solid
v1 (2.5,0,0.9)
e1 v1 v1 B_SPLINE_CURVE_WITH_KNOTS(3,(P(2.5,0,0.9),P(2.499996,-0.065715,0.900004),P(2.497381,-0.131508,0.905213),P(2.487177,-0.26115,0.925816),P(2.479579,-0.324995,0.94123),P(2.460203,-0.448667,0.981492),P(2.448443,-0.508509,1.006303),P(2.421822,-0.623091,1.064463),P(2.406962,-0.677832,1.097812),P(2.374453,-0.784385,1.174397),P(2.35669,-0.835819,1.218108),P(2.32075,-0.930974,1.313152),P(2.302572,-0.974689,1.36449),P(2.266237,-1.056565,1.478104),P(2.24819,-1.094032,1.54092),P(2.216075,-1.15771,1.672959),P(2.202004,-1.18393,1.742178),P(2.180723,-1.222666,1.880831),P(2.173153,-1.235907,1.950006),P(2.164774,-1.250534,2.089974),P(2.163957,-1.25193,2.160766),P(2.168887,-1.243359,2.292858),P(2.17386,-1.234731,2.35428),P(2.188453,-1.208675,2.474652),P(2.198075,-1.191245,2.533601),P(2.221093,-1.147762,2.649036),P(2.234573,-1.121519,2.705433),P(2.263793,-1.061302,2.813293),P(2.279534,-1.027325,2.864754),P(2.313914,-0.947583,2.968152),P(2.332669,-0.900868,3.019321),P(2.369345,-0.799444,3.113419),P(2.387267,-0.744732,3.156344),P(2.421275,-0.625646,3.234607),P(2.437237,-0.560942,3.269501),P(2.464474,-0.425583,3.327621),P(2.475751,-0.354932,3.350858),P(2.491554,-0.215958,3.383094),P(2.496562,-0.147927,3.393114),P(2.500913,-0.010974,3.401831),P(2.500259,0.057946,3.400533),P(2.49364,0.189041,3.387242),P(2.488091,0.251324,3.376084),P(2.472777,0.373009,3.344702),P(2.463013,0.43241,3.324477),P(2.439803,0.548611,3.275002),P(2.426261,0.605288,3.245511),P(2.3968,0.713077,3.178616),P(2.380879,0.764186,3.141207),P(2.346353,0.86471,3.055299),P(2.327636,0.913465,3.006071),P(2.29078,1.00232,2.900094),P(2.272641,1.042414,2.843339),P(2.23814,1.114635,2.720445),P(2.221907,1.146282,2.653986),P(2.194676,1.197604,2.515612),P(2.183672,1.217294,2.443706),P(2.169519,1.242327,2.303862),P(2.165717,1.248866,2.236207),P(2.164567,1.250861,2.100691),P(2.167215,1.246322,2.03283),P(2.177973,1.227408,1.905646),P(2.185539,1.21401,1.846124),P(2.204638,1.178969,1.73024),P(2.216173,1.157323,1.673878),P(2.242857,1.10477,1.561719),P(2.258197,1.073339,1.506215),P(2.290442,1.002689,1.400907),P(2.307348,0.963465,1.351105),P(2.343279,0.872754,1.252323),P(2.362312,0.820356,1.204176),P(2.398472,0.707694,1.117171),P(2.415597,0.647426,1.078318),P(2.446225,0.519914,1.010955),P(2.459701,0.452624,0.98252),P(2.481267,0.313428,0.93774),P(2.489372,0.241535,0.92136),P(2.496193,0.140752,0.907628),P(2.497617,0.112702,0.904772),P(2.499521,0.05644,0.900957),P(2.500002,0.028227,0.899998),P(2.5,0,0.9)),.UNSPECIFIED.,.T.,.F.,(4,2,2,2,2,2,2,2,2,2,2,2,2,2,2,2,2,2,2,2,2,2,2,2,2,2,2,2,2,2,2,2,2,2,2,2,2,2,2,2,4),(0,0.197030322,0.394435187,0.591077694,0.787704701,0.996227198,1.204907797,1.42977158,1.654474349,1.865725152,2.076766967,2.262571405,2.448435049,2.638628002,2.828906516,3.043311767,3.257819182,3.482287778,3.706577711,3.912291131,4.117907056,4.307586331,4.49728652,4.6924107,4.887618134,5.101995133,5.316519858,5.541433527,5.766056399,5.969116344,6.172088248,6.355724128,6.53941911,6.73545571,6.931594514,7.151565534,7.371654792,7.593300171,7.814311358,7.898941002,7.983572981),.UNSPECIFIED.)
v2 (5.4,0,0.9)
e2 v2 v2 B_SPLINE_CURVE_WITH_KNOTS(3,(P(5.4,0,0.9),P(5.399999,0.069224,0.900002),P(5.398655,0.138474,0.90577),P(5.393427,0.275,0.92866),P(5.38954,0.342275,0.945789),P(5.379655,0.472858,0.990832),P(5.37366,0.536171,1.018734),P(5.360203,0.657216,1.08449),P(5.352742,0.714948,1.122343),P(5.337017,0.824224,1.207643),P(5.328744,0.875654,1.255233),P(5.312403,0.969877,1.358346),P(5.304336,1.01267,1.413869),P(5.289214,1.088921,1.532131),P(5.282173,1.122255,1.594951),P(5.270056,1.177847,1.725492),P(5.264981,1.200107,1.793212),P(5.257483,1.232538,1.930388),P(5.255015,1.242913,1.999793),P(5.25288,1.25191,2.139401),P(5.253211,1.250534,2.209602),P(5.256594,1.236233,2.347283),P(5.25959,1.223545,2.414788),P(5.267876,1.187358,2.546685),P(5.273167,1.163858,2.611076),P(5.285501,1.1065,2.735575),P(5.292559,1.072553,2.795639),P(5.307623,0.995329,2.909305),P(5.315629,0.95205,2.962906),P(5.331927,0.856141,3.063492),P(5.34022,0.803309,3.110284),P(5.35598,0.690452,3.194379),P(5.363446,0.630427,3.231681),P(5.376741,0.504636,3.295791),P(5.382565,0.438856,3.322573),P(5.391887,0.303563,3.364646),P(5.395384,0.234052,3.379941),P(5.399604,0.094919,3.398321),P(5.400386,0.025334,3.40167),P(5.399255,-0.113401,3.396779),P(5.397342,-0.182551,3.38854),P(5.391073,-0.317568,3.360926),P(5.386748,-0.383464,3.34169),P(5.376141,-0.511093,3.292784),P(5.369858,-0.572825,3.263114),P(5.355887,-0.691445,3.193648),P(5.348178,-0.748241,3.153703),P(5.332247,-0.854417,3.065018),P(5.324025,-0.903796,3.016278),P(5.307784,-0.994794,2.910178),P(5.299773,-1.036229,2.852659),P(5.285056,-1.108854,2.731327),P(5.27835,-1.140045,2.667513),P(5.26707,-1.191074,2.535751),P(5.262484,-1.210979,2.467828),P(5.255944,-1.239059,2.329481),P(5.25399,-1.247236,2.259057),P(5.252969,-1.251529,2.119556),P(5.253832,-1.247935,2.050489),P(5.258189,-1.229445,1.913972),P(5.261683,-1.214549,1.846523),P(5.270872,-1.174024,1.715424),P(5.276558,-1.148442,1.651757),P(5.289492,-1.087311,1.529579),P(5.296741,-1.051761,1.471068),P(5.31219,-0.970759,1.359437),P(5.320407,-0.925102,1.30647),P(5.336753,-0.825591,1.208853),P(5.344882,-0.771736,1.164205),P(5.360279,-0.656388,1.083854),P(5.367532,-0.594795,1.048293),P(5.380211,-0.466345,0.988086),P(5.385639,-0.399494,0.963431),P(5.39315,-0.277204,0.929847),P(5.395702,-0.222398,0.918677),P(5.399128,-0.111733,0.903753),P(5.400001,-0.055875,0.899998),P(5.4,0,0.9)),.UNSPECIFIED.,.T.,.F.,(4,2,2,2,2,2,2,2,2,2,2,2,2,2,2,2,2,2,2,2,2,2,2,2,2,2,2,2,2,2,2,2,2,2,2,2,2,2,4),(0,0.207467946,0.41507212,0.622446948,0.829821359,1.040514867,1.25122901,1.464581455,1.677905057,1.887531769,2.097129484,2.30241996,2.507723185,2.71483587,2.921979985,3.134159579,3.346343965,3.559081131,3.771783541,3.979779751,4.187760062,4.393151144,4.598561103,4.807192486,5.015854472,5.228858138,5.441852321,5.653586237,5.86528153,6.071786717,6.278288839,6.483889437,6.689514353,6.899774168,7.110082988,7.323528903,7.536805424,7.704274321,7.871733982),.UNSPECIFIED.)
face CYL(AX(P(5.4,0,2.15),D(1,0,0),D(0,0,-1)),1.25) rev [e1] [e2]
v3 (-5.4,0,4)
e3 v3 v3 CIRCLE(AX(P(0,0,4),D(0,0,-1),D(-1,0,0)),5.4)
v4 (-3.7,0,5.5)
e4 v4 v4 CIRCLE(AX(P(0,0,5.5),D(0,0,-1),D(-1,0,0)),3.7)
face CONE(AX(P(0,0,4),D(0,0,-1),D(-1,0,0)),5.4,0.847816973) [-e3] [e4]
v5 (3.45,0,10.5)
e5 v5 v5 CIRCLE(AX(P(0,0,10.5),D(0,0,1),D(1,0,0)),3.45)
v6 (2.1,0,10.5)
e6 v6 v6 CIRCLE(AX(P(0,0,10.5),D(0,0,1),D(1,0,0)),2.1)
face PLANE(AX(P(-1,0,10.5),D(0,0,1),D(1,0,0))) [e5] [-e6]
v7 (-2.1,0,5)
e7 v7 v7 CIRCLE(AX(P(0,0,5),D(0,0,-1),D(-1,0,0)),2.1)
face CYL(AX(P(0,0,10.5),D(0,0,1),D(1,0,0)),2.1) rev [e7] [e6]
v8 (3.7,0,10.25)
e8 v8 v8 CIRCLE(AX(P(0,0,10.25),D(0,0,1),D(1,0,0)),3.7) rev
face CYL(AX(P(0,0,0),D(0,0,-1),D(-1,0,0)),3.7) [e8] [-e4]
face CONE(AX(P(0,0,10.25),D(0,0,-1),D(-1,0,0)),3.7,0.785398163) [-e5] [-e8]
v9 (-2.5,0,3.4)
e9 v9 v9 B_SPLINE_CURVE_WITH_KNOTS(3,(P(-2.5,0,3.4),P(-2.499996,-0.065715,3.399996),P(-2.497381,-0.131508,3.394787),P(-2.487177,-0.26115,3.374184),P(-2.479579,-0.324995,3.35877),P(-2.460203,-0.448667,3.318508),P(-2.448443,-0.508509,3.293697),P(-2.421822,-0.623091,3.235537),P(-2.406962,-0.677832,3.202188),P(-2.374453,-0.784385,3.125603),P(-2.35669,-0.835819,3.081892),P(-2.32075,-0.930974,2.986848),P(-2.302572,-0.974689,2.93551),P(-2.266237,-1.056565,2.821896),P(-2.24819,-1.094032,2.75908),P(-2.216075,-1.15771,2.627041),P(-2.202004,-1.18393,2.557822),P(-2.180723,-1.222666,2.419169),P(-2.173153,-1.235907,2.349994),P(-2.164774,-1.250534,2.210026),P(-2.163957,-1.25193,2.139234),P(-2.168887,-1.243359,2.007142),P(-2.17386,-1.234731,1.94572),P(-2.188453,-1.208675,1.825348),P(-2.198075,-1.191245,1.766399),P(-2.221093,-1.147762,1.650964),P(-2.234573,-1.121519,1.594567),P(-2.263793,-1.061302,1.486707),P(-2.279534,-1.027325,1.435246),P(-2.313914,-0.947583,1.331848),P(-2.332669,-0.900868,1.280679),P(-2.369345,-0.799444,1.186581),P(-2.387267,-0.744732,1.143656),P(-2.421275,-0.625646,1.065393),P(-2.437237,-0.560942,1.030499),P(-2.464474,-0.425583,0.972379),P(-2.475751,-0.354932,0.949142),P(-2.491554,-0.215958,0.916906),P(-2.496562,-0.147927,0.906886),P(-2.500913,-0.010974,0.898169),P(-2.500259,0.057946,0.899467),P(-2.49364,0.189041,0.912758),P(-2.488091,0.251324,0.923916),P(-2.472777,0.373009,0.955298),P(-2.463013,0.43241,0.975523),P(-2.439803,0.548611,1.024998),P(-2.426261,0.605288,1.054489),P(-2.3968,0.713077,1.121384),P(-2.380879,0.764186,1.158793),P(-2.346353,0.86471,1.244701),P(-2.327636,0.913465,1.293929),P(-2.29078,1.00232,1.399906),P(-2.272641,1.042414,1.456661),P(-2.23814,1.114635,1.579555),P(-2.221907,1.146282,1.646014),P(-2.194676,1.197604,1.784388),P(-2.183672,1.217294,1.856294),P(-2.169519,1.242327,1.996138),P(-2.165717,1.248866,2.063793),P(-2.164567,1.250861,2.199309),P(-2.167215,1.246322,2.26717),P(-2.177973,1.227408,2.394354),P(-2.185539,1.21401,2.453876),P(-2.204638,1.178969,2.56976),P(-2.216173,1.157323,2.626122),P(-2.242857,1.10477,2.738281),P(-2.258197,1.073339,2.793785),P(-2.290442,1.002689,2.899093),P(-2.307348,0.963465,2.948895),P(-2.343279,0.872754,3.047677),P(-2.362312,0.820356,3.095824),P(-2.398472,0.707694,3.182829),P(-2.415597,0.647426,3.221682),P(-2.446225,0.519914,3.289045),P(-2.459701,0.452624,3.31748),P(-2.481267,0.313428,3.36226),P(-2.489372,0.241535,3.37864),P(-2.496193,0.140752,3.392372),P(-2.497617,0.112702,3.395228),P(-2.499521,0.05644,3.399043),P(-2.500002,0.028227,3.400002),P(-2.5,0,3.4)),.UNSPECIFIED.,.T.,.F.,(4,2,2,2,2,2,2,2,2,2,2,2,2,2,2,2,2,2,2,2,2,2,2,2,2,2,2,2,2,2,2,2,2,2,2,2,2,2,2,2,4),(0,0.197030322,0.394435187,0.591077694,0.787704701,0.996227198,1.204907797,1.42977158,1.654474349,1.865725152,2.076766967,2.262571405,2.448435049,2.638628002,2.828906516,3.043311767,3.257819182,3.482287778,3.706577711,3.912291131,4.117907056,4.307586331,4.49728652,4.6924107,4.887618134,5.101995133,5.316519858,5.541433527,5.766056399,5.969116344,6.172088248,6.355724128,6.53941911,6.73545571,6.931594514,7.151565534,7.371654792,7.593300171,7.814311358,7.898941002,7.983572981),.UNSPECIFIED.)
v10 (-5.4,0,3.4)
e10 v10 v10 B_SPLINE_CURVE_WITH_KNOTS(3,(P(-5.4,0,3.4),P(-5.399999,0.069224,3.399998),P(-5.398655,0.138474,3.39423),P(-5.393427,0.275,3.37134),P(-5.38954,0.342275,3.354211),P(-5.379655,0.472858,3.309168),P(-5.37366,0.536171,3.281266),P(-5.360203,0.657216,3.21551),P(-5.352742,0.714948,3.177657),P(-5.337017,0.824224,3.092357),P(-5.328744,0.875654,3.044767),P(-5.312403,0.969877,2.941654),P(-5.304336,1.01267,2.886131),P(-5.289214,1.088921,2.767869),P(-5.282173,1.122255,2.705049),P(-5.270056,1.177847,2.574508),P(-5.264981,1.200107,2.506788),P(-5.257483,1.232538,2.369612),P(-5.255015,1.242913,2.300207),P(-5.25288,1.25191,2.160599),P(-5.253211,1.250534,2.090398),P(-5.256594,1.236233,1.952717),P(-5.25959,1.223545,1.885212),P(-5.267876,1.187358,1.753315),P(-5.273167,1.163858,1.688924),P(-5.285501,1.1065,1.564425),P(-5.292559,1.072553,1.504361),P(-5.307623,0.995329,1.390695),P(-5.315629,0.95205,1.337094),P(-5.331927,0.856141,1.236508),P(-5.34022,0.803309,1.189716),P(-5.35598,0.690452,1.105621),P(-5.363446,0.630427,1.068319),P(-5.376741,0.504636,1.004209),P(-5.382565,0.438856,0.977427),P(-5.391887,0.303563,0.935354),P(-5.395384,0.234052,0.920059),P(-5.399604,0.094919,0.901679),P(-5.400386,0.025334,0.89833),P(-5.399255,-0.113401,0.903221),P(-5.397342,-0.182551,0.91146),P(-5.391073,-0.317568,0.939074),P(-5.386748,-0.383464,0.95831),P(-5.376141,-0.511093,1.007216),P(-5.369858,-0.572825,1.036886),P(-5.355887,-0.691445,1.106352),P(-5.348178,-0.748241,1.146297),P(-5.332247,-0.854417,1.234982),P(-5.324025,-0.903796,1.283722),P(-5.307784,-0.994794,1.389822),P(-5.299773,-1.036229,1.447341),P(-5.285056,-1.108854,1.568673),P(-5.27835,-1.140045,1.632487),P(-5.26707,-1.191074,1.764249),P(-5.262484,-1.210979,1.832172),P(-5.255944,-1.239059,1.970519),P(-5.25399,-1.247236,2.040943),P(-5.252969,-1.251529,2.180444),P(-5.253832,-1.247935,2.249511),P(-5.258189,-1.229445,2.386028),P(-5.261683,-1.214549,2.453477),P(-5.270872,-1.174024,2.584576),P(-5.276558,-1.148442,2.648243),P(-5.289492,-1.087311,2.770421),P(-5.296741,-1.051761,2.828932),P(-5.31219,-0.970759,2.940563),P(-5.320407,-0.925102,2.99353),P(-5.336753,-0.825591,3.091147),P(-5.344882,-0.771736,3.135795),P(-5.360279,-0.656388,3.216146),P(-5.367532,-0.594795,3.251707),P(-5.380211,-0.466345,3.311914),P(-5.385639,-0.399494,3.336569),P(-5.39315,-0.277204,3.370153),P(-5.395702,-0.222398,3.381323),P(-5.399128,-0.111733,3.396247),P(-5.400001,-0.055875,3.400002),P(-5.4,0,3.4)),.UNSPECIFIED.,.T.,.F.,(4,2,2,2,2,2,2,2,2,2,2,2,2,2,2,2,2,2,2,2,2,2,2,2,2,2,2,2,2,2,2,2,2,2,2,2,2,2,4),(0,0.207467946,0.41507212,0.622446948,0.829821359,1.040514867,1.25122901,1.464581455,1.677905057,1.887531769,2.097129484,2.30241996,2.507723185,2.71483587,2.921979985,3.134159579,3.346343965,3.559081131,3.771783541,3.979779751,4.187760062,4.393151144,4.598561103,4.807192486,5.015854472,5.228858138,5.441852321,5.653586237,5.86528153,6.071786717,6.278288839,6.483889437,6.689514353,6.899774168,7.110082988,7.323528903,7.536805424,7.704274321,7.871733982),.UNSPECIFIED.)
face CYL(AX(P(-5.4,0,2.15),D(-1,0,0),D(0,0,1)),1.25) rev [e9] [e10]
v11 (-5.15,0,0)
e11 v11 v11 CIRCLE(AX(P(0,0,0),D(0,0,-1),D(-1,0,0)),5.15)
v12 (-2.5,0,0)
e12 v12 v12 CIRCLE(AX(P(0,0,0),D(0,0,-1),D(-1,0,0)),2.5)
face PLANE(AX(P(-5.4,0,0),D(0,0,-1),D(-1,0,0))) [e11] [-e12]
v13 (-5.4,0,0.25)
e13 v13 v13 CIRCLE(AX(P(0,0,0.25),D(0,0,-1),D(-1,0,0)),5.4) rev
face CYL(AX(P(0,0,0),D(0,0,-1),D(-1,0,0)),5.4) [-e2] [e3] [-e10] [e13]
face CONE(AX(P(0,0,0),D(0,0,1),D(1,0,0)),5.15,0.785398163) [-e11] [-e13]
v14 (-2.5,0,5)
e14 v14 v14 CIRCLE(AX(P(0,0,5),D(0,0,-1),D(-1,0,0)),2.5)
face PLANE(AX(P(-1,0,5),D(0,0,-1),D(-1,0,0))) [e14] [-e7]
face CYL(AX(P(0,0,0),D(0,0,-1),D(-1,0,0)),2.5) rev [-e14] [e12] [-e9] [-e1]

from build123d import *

# Parameters (mm, degrees)
CONNECTOR_M5X0_8_TAPPED_HOLE_D        = 4.2
SET_SCREW_1_M3X0_5_TAPPED_HOLE_REACH  = 16.681
SET_SCREW_1_M3X0_5_TAPPED_HOLE_BORE_R = 1.25
SET_SCREW_2_PATTERN_COUNT             = 2
EDGE_CHAMFERS_SIZE                    = 0.25


with BuildPart() as part:
    # Body Sketch → Body Revolve (revolve)
    with BuildSketch(Plane(origin=(0, 0, 0), x_dir=(-1, 0, 0), z_dir=(0, 1, 0))):
        Polygon((1, 10.5), (3.7, 10.5), (3.7, 5.5), (5.4, 4), (5.4, 0), (2.5, 0), (2.5, 5), (1, 5), align=None)
    revolve(axis=Axis((0, 0, 0), (0, 0, 1)))

    # Connector M5x0.8 Tapped Hole (through all)
    with Locations(Plane.XY.offset(10.5)):
        with Locations((0, 0)):
            Hole(CONNECTOR_M5X0_8_TAPPED_HOLE_D / 2)

    # Set Screw 1 M3x0.5 Tapped Hole bore (on position points) → Set Screw 1 M3x0.5 Tapped Hole (cut, up to next)
    with BuildSketch(Plane(origin=(5.4, 0, 2.15), x_dir=(0, 1, 0), z_dir=(1, 0, 0)), mode=Mode.PRIVATE) as set_screw_1_m3x0_5_tapped_hole_sk1:
        Circle(SET_SCREW_1_M3X0_5_TAPPED_HOLE_BORE_R)
    set_screw_1_m3x0_5_tapped_hole_tool1 = extrude(set_screw_1_m3x0_5_tapped_hole_sk1.sketch, amount=-SET_SCREW_1_M3X0_5_TAPPED_HOLE_REACH, mode=Mode.PRIVATE) & part.part
    set_screw_1_m3x0_5_tapped_hole = set_screw_1_m3x0_5_tapped_hole_tool1.solids().sort_by_distance((5.4, 0, 2.15))[0]
    add(set_screw_1_m3x0_5_tapped_hole, mode=Mode.SUBTRACT)

    # Set Screw 2 Pattern: Set Screw 1 M3x0.5 Tapped Hole ×2 about axis
    set_screw_2_pattern_axis = Axis((0, 0, 0), (0, 0, 1))
    for i in range(1, SET_SCREW_2_PATTERN_COUNT):
        add(set_screw_1_m3x0_5_tapped_hole.rotate(set_screw_2_pattern_axis, i * 360 / SET_SCREW_2_PATTERN_COUNT), mode=Mode.SUBTRACT)

    # Edge Chamfers
    edge_chamfers_edges = [part.edges().sort_by_distance(p)[0] for p in [
        (5.4, 0, 0),
        (3.7, 0, 10.5),
    ]]
    chamfer(edge_chamfers_edges, length=EDGE_CHAMFERS_SIZE)


solid = part.part
